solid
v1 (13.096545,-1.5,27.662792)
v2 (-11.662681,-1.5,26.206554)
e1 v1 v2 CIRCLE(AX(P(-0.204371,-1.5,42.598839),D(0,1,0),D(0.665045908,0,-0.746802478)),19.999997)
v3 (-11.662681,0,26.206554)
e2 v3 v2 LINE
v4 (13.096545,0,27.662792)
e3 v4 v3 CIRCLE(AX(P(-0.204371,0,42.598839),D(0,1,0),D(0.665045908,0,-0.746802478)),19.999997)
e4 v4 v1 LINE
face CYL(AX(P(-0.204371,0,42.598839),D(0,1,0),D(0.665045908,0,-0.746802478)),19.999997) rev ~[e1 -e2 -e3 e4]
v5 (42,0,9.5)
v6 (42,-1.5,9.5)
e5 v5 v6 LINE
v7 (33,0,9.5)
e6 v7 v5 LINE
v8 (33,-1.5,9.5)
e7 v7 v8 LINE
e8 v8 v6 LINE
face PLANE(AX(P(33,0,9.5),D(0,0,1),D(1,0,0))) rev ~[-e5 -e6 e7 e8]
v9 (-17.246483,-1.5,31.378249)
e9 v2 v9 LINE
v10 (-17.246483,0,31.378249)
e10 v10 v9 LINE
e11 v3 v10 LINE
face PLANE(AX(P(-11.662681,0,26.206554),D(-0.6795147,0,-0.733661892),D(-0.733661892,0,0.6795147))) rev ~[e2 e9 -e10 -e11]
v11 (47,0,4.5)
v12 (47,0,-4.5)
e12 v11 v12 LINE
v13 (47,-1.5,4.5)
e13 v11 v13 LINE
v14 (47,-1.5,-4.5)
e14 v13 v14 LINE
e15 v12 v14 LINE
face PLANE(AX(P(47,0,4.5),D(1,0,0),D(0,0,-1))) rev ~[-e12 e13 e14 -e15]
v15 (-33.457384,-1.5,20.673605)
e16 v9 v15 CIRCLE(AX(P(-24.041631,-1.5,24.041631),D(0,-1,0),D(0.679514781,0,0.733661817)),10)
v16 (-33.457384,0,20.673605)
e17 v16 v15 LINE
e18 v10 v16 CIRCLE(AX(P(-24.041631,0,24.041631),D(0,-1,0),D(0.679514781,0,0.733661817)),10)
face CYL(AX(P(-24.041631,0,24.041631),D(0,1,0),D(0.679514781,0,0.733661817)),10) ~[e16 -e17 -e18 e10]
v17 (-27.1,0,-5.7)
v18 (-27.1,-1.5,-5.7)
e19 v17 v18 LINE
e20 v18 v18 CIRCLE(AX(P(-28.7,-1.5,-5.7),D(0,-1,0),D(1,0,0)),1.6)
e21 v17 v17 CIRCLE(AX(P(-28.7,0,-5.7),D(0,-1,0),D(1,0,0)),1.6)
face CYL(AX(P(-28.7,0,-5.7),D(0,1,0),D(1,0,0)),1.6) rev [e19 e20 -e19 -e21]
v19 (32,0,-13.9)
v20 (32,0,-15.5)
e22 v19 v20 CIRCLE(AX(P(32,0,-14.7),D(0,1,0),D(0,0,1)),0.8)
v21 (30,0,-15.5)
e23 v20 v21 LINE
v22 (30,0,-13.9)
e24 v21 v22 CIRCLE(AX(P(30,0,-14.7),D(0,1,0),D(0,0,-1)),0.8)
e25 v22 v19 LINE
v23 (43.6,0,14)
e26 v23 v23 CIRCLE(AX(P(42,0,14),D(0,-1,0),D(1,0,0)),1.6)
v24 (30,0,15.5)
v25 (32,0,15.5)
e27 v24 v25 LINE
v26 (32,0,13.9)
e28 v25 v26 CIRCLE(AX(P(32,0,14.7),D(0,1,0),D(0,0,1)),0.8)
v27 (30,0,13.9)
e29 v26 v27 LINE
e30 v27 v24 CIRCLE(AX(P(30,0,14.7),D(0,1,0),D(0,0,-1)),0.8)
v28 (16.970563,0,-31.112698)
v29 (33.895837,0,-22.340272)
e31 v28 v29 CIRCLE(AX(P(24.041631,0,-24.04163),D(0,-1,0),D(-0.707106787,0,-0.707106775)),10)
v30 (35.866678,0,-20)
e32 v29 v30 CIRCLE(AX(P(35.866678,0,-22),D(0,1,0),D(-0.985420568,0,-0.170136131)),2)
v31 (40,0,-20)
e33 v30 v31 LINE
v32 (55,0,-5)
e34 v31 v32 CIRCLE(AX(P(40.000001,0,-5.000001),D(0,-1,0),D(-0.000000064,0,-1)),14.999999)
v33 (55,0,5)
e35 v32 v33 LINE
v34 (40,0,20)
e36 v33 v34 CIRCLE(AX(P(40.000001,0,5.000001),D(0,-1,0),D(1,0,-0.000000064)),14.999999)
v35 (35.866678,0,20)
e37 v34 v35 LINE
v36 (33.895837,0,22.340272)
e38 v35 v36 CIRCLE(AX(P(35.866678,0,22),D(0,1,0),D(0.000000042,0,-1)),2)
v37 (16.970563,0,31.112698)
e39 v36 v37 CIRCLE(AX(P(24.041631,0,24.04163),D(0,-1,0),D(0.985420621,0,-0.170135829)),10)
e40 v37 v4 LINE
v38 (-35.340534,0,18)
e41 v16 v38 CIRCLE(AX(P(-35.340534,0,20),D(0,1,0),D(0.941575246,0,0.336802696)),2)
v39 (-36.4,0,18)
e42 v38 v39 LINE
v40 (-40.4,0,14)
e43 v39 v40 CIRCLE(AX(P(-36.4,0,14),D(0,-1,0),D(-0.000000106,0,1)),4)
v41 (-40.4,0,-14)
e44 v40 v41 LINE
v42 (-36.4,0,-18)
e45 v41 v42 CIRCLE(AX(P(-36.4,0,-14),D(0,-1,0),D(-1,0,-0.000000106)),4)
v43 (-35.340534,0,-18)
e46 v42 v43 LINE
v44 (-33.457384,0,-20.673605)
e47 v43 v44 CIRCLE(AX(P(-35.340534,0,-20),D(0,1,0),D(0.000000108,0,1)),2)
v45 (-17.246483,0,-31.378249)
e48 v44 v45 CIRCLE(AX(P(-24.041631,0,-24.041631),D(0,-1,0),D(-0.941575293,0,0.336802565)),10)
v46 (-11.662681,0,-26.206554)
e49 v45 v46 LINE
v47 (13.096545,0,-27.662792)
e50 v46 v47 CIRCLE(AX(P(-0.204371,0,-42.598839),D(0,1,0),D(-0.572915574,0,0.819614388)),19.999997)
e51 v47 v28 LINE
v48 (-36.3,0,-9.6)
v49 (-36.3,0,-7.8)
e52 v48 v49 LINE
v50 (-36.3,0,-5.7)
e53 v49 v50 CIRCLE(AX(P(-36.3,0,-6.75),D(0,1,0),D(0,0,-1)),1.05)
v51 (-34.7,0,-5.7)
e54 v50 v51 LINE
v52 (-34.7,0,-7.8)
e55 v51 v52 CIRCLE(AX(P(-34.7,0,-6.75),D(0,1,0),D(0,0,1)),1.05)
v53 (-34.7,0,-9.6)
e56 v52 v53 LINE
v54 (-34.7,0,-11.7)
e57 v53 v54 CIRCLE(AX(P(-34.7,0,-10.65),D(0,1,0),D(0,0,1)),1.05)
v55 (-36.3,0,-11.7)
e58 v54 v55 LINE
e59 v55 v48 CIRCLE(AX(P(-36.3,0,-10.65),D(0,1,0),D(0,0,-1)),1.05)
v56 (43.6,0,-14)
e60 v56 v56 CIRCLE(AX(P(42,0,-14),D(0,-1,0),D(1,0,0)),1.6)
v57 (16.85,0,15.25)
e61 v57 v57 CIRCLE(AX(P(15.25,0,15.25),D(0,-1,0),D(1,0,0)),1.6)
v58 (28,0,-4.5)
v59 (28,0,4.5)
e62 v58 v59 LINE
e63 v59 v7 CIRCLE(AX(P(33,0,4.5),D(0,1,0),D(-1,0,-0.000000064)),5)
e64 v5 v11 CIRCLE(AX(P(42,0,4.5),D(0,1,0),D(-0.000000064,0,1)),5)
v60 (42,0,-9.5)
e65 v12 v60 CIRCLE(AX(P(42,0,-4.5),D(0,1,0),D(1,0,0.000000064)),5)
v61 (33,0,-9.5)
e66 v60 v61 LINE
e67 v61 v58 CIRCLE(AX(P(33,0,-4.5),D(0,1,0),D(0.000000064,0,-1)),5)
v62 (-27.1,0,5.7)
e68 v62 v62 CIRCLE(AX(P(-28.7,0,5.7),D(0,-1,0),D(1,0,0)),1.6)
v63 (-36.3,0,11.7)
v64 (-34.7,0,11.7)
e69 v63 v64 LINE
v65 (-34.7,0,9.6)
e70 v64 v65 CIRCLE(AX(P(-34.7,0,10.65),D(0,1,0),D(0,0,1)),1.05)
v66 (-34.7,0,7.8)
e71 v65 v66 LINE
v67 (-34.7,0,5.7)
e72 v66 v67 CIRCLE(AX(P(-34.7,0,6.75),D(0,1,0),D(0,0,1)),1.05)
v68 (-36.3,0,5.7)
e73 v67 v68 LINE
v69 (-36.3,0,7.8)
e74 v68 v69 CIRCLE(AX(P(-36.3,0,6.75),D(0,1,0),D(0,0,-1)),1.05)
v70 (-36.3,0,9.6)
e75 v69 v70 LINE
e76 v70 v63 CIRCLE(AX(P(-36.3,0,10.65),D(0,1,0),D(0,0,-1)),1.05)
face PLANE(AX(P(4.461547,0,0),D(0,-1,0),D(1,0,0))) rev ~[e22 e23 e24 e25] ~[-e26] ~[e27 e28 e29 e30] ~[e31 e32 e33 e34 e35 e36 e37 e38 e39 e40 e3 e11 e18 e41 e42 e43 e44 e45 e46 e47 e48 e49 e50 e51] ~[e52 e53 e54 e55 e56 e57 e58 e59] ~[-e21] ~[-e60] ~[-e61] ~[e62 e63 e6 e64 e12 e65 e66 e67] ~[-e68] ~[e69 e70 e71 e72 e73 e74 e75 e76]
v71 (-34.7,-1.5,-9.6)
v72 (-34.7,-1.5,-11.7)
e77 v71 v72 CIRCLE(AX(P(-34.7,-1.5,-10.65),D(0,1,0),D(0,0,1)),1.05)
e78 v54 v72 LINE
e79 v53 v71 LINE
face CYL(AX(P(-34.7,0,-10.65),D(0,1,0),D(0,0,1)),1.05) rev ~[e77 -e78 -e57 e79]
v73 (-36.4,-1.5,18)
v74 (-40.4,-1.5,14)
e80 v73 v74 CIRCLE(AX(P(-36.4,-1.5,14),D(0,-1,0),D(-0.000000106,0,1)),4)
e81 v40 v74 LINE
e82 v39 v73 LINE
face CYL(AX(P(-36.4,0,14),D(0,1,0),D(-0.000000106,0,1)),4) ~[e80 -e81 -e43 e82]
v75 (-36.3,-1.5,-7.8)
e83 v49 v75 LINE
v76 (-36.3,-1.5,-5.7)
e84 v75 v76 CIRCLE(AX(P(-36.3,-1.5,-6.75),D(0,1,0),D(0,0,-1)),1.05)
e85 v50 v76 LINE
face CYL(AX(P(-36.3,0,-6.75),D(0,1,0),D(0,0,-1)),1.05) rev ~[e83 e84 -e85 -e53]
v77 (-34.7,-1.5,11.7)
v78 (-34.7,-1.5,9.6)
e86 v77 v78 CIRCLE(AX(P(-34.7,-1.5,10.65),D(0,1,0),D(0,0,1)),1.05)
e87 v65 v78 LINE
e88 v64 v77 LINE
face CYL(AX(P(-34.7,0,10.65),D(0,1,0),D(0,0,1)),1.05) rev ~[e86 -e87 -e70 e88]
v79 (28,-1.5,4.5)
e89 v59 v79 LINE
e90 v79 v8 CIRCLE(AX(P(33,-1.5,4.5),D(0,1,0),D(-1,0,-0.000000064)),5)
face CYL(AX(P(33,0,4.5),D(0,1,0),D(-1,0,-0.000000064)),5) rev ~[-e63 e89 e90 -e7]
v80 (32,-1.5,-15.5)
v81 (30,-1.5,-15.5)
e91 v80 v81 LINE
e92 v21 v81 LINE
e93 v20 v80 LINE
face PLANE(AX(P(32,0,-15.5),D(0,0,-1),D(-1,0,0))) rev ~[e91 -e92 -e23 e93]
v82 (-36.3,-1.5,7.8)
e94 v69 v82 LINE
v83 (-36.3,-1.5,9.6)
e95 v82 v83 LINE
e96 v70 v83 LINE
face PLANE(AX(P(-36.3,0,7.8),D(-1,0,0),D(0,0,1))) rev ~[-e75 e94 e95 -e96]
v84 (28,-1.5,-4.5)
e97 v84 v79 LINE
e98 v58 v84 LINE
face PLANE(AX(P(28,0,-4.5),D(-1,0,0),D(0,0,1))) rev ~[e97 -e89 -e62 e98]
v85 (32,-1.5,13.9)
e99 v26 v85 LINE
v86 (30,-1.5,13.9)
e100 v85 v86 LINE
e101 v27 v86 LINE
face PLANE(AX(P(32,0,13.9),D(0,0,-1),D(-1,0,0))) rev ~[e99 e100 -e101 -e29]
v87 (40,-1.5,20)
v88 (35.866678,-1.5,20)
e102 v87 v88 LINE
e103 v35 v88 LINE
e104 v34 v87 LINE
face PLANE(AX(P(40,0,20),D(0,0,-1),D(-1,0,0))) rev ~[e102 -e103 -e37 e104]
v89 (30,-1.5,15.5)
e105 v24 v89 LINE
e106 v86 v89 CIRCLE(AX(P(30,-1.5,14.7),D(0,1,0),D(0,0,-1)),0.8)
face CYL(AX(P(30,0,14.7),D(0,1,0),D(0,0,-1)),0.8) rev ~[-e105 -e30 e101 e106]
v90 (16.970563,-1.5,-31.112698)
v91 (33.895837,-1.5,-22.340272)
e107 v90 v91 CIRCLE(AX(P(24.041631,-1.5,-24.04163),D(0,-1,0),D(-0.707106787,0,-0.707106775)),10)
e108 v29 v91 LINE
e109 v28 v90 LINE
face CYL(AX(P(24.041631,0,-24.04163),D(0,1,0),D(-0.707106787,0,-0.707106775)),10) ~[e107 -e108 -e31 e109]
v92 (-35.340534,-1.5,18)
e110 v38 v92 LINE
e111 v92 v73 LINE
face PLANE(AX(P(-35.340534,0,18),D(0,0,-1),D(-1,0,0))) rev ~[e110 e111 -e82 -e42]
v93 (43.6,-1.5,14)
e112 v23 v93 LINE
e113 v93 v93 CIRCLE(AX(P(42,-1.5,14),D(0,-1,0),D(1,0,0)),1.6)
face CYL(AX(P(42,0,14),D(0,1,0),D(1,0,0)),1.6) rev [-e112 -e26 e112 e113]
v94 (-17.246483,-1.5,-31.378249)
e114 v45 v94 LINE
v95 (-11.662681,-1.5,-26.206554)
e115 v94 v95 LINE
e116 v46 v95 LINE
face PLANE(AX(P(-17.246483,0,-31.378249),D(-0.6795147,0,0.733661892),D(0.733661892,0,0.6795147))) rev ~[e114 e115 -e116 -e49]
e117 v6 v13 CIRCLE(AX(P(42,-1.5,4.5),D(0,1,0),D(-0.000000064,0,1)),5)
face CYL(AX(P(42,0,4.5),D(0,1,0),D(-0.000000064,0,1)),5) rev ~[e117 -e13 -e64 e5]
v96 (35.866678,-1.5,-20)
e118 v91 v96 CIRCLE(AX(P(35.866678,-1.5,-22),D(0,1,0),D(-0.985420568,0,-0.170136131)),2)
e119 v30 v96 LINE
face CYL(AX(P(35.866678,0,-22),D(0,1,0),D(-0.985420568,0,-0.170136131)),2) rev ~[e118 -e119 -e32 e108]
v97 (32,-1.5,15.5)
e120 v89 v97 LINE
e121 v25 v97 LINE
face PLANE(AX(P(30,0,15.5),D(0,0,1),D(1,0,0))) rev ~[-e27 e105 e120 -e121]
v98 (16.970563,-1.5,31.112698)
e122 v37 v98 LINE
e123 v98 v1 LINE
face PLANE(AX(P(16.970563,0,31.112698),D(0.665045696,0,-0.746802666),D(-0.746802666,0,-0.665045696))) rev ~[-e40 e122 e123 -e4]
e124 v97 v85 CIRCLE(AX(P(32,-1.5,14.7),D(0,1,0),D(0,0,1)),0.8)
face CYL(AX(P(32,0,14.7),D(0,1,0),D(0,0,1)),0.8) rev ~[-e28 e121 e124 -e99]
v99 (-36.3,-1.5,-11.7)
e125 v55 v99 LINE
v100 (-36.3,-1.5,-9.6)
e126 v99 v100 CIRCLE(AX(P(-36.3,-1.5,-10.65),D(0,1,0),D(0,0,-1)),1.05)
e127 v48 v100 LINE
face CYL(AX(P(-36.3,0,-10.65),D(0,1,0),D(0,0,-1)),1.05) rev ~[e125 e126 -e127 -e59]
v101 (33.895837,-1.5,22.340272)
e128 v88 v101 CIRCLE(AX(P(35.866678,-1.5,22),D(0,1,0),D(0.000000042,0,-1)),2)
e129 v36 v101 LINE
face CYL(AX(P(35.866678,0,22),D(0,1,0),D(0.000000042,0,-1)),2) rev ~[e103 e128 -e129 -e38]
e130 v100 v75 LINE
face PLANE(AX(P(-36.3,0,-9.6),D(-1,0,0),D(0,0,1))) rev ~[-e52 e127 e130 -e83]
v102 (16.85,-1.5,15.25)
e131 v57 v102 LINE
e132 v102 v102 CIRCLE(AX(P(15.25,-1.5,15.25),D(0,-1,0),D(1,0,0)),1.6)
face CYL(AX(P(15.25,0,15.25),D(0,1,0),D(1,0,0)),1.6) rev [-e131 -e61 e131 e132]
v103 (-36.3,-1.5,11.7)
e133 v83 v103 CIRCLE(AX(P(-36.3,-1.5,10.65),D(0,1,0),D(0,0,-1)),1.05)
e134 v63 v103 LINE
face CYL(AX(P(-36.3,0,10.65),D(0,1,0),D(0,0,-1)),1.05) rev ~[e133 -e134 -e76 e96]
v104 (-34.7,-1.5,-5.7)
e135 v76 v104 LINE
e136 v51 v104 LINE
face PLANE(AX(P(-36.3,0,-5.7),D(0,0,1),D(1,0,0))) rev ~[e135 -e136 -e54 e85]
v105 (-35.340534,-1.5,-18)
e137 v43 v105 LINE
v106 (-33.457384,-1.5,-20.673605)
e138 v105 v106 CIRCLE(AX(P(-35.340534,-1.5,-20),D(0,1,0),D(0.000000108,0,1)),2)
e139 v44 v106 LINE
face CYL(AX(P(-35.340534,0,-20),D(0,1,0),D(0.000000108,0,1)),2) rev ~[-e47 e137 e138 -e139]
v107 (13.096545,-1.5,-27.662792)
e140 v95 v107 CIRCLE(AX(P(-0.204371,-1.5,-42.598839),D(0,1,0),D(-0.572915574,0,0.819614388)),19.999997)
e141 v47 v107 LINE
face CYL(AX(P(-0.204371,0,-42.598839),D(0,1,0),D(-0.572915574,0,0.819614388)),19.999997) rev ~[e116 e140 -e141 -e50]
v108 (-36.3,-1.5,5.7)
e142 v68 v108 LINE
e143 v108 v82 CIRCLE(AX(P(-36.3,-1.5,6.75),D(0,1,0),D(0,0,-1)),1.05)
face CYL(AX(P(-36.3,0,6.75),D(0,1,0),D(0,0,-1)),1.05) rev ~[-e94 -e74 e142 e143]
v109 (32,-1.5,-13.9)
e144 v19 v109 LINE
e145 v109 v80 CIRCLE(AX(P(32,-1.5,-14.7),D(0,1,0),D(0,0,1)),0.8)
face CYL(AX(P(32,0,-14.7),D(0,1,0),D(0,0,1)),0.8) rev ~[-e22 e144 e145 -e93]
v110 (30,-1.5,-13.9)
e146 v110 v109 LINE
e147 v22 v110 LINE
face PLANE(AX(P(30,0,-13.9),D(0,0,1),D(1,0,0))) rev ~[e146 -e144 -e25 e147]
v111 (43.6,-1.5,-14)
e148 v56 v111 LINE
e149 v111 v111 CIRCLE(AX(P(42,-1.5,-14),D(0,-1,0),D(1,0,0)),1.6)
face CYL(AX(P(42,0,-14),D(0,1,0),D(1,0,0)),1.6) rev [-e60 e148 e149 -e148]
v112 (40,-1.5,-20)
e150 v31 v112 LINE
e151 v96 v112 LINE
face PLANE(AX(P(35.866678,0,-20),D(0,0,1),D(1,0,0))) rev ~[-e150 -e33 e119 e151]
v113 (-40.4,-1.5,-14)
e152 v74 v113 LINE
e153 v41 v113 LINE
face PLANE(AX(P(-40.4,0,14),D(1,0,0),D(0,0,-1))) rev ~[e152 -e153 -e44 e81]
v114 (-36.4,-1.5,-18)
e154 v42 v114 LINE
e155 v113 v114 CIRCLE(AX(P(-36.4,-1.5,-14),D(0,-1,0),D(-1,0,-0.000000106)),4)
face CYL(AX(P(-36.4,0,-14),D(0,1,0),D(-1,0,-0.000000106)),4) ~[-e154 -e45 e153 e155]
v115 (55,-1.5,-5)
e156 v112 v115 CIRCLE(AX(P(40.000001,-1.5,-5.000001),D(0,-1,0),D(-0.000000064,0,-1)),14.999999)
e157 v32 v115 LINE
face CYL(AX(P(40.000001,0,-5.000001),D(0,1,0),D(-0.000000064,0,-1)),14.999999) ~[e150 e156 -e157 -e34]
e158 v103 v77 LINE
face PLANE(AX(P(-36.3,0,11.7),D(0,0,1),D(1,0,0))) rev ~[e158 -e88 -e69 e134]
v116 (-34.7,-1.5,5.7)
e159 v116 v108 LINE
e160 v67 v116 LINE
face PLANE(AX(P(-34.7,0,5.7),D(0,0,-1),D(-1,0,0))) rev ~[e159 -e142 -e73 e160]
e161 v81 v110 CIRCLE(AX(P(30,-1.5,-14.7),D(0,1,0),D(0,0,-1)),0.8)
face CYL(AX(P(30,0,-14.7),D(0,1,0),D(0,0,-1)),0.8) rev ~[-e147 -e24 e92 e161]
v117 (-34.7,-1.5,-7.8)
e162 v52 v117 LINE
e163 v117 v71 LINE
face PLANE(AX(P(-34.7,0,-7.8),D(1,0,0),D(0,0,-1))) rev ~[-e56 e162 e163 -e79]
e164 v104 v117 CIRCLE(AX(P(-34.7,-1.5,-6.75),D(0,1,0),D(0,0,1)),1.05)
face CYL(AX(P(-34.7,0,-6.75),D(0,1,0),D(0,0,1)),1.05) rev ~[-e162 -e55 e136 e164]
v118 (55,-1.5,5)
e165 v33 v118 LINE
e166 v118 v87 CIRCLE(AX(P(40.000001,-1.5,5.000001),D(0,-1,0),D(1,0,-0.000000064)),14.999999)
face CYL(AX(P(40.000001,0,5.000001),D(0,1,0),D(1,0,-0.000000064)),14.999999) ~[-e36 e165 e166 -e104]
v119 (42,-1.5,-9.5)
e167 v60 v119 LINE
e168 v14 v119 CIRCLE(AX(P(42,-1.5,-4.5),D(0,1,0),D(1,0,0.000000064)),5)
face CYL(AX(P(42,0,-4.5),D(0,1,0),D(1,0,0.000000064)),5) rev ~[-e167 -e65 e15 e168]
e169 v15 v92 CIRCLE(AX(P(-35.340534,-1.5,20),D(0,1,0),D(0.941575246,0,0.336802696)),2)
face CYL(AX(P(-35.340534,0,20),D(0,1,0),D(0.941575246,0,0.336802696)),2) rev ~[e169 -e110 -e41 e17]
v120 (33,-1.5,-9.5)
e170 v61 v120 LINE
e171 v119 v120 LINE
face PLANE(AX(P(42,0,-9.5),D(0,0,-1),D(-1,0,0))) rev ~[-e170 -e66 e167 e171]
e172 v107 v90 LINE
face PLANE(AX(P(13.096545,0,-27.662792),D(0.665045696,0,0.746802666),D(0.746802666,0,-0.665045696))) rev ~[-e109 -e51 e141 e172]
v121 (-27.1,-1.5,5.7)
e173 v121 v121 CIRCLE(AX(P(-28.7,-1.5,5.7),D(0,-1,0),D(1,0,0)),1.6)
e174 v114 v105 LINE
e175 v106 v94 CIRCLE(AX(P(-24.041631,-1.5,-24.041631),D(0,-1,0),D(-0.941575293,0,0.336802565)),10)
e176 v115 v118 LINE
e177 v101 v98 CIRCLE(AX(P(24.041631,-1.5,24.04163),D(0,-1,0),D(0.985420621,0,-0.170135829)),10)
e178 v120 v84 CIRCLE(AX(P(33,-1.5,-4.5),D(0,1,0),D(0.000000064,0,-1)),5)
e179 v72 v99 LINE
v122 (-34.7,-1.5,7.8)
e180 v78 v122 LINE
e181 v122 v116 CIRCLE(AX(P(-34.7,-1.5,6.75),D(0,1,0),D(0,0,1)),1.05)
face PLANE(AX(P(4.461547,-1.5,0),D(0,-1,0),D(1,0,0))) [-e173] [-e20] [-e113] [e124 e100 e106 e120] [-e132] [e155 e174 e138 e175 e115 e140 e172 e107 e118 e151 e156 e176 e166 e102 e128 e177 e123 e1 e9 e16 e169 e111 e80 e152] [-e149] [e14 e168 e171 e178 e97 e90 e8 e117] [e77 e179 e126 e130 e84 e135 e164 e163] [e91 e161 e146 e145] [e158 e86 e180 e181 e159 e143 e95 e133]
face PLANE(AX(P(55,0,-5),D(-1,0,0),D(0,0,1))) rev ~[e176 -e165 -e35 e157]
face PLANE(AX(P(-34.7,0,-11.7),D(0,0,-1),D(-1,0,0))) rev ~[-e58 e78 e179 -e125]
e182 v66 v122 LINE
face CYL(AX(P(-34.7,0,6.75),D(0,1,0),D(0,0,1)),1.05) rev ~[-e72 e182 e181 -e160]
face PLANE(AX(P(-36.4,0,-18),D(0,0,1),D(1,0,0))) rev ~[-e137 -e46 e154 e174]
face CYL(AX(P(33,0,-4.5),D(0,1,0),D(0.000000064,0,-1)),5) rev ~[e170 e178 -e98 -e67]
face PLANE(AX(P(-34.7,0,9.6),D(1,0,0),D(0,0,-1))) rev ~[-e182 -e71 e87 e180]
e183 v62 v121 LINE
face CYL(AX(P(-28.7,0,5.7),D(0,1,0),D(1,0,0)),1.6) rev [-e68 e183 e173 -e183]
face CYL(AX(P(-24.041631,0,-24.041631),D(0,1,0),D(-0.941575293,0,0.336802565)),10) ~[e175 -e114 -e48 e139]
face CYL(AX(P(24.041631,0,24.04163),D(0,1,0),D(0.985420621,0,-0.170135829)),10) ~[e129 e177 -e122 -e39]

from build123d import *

# Parameters (mm, degrees)
F0_R     = 1.6
F1_DEPTH = 1.5


with BuildPart() as f1:
    # F0 (on Front) → F1 (new body)
    with BuildSketch(Plane.XZ):
        with BuildLine():
            ThreePointArc((33.895837, 22.340272), (28.643297, 32.919956), (16.970563, 31.112698))
            Line((16.970563, 31.112698), (13.096545, 27.662792))
            ThreePointArc((13.096545, 27.662792), (0.969919, 22.633346), (-11.662681, 26.206554))
            Line((-11.662681, 26.206554), (-17.246483, 31.378249))
            ThreePointArc((-17.246483, 31.378249), (-29.552007, 32.386435), (-33.457384, 20.673605))
            ThreePointArc((-33.457384, 20.673605), (-33.705418, 18.848308), (-35.340534, 18))
            Line((-35.340534, 18), (-36.4, 18))
            ThreePointArc((-36.4, 18), (-39.228427, 16.828427), (-40.4, 14))
            Line((-40.4, 14), (-40.4, 0))
            Line((-40.4, 0), (-40.4, -14))
            ThreePointArc((-40.4, -14), (-39.228427, -16.828427), (-36.4, -18))
            Line((-36.4, -18), (-35.340534, -18))
            ThreePointArc((-35.340534, -18), (-33.705418, -18.848308), (-33.457384, -20.673605))
            ThreePointArc((-33.457384, -20.673605), (-29.552007, -32.386435), (-17.246483, -31.378249))
            Line((-17.246483, -31.378249), (-11.662681, -26.206554))
            ThreePointArc((-11.662681, -26.206554), (0.969919, -22.633346), (13.096545, -27.662792))
            Line((13.096545, -27.662792), (16.970563, -31.112698))
            ThreePointArc((16.970563, -31.112698), (28.643297, -32.919956), (33.895837, -22.340272))
            ThreePointArc((33.895837, -22.340272), (34.336883, -20.711696), (35.866678, -20))
            Line((35.866678, -20), (40, -20))
            ThreePointArc((40, -20), (50.606602, -15.606602), (55, -5))
            Line((55, -5), (55, 0))
            Line((55, 0), (55, 5))
            ThreePointArc((55, 5), (50.606602, 15.606602), (40, 20))
            Line((40, 20), (35.866678, 20))
            ThreePointArc((35.866678, 20), (34.336883, 20.711696), (33.895837, 22.340272))
        make_face()
        with BuildLine():
            ThreePointArc((-34.7, -9.6), (-33.65, -10.65), (-34.7, -11.7))
            Line((-34.7, -11.7), (-36.3, -11.7))
            ThreePointArc((-36.3, -11.7), (-37.35, -10.65), (-36.3, -9.6))
            Line((-36.3, -9.6), (-36.3, -7.8))
            ThreePointArc((-36.3, -7.8), (-37.35, -6.75), (-36.3, -5.7))
            Line((-36.3, -5.7), (-34.7, -5.7))
            ThreePointArc((-34.7, -5.7), (-33.65, -6.75), (-34.7, -7.8))
            Line((-34.7, -7.8), (-34.7, -9.6))
        make_face(mode=Mode.SUBTRACT)
        with Locations((-28.7, -5.7)):
            Circle(F0_R, mode=Mode.SUBTRACT)
        with BuildLine():
            Line((30, -13.9), (32, -13.9))
            ThreePointArc((32, -13.9), (32.8, -14.7), (32, -15.5))
            Line((32, -15.5), (30, -15.5))
            ThreePointArc((30, -15.5), (29.2, -14.7), (30, -13.9))
        make_face(mode=Mode.SUBTRACT)
        with Locations((42, -14)):
            Circle(F0_R, mode=Mode.SUBTRACT)
        with Locations((-28.7, 5.7)):
            Circle(F0_R, mode=Mode.SUBTRACT)
        with BuildLine():
            ThreePointArc((-34.7, 7.8), (-33.65, 6.75), (-34.7, 5.7))
            Line((-34.7, 5.7), (-36.3, 5.7))
            ThreePointArc((-36.3, 5.7), (-37.35, 6.75), (-36.3, 7.8))
            Line((-36.3, 7.8), (-36.3, 9.6))
            ThreePointArc((-36.3, 9.6), (-37.35, 10.65), (-36.3, 11.7))
            Line((-36.3, 11.7), (-34.7, 11.7))
            ThreePointArc((-34.7, 11.7), (-33.65, 10.65), (-34.7, 9.6))
            Line((-34.7, 9.6), (-34.7, 7.8))
        make_face(mode=Mode.SUBTRACT)
        with Locations((15.25, 15.25)):
            Circle(F0_R, mode=Mode.SUBTRACT)
        with BuildLine():
            ThreePointArc((30, 13.9), (29.2, 14.7), (30, 15.5))
            Line((30, 15.5), (32, 15.5))
            ThreePointArc((32, 15.5), (32.8, 14.7), (32, 13.9))
            Line((32, 13.9), (30, 13.9))
        make_face(mode=Mode.SUBTRACT)
        with BuildLine():
            Line((28, -4.5), (28, 0))
            Line((28, 0), (28, 4.5))
            ThreePointArc((28, 4.5), (29.464466, 8.035534), (33, 9.5))
            Line((33, 9.5), (42, 9.5))
            ThreePointArc((42, 9.5), (45.535534, 8.035534), (47, 4.5))
            Line((47, 4.5), (47, 0))
            Line((47, 0), (47, -4.5))
            ThreePointArc((47, -4.5), (45.535534, -8.035534), (42, -9.5))
            Line((42, -9.5), (33, -9.5))
            ThreePointArc((33, -9.5), (29.464466, -8.035534), (28, -4.5))
        make_face(mode=Mode.SUBTRACT)
        with Locations((42, 14)):
            Circle(F0_R, mode=Mode.SUBTRACT)
    extrude(amount=F1_DEPTH)


solid = f1.part
